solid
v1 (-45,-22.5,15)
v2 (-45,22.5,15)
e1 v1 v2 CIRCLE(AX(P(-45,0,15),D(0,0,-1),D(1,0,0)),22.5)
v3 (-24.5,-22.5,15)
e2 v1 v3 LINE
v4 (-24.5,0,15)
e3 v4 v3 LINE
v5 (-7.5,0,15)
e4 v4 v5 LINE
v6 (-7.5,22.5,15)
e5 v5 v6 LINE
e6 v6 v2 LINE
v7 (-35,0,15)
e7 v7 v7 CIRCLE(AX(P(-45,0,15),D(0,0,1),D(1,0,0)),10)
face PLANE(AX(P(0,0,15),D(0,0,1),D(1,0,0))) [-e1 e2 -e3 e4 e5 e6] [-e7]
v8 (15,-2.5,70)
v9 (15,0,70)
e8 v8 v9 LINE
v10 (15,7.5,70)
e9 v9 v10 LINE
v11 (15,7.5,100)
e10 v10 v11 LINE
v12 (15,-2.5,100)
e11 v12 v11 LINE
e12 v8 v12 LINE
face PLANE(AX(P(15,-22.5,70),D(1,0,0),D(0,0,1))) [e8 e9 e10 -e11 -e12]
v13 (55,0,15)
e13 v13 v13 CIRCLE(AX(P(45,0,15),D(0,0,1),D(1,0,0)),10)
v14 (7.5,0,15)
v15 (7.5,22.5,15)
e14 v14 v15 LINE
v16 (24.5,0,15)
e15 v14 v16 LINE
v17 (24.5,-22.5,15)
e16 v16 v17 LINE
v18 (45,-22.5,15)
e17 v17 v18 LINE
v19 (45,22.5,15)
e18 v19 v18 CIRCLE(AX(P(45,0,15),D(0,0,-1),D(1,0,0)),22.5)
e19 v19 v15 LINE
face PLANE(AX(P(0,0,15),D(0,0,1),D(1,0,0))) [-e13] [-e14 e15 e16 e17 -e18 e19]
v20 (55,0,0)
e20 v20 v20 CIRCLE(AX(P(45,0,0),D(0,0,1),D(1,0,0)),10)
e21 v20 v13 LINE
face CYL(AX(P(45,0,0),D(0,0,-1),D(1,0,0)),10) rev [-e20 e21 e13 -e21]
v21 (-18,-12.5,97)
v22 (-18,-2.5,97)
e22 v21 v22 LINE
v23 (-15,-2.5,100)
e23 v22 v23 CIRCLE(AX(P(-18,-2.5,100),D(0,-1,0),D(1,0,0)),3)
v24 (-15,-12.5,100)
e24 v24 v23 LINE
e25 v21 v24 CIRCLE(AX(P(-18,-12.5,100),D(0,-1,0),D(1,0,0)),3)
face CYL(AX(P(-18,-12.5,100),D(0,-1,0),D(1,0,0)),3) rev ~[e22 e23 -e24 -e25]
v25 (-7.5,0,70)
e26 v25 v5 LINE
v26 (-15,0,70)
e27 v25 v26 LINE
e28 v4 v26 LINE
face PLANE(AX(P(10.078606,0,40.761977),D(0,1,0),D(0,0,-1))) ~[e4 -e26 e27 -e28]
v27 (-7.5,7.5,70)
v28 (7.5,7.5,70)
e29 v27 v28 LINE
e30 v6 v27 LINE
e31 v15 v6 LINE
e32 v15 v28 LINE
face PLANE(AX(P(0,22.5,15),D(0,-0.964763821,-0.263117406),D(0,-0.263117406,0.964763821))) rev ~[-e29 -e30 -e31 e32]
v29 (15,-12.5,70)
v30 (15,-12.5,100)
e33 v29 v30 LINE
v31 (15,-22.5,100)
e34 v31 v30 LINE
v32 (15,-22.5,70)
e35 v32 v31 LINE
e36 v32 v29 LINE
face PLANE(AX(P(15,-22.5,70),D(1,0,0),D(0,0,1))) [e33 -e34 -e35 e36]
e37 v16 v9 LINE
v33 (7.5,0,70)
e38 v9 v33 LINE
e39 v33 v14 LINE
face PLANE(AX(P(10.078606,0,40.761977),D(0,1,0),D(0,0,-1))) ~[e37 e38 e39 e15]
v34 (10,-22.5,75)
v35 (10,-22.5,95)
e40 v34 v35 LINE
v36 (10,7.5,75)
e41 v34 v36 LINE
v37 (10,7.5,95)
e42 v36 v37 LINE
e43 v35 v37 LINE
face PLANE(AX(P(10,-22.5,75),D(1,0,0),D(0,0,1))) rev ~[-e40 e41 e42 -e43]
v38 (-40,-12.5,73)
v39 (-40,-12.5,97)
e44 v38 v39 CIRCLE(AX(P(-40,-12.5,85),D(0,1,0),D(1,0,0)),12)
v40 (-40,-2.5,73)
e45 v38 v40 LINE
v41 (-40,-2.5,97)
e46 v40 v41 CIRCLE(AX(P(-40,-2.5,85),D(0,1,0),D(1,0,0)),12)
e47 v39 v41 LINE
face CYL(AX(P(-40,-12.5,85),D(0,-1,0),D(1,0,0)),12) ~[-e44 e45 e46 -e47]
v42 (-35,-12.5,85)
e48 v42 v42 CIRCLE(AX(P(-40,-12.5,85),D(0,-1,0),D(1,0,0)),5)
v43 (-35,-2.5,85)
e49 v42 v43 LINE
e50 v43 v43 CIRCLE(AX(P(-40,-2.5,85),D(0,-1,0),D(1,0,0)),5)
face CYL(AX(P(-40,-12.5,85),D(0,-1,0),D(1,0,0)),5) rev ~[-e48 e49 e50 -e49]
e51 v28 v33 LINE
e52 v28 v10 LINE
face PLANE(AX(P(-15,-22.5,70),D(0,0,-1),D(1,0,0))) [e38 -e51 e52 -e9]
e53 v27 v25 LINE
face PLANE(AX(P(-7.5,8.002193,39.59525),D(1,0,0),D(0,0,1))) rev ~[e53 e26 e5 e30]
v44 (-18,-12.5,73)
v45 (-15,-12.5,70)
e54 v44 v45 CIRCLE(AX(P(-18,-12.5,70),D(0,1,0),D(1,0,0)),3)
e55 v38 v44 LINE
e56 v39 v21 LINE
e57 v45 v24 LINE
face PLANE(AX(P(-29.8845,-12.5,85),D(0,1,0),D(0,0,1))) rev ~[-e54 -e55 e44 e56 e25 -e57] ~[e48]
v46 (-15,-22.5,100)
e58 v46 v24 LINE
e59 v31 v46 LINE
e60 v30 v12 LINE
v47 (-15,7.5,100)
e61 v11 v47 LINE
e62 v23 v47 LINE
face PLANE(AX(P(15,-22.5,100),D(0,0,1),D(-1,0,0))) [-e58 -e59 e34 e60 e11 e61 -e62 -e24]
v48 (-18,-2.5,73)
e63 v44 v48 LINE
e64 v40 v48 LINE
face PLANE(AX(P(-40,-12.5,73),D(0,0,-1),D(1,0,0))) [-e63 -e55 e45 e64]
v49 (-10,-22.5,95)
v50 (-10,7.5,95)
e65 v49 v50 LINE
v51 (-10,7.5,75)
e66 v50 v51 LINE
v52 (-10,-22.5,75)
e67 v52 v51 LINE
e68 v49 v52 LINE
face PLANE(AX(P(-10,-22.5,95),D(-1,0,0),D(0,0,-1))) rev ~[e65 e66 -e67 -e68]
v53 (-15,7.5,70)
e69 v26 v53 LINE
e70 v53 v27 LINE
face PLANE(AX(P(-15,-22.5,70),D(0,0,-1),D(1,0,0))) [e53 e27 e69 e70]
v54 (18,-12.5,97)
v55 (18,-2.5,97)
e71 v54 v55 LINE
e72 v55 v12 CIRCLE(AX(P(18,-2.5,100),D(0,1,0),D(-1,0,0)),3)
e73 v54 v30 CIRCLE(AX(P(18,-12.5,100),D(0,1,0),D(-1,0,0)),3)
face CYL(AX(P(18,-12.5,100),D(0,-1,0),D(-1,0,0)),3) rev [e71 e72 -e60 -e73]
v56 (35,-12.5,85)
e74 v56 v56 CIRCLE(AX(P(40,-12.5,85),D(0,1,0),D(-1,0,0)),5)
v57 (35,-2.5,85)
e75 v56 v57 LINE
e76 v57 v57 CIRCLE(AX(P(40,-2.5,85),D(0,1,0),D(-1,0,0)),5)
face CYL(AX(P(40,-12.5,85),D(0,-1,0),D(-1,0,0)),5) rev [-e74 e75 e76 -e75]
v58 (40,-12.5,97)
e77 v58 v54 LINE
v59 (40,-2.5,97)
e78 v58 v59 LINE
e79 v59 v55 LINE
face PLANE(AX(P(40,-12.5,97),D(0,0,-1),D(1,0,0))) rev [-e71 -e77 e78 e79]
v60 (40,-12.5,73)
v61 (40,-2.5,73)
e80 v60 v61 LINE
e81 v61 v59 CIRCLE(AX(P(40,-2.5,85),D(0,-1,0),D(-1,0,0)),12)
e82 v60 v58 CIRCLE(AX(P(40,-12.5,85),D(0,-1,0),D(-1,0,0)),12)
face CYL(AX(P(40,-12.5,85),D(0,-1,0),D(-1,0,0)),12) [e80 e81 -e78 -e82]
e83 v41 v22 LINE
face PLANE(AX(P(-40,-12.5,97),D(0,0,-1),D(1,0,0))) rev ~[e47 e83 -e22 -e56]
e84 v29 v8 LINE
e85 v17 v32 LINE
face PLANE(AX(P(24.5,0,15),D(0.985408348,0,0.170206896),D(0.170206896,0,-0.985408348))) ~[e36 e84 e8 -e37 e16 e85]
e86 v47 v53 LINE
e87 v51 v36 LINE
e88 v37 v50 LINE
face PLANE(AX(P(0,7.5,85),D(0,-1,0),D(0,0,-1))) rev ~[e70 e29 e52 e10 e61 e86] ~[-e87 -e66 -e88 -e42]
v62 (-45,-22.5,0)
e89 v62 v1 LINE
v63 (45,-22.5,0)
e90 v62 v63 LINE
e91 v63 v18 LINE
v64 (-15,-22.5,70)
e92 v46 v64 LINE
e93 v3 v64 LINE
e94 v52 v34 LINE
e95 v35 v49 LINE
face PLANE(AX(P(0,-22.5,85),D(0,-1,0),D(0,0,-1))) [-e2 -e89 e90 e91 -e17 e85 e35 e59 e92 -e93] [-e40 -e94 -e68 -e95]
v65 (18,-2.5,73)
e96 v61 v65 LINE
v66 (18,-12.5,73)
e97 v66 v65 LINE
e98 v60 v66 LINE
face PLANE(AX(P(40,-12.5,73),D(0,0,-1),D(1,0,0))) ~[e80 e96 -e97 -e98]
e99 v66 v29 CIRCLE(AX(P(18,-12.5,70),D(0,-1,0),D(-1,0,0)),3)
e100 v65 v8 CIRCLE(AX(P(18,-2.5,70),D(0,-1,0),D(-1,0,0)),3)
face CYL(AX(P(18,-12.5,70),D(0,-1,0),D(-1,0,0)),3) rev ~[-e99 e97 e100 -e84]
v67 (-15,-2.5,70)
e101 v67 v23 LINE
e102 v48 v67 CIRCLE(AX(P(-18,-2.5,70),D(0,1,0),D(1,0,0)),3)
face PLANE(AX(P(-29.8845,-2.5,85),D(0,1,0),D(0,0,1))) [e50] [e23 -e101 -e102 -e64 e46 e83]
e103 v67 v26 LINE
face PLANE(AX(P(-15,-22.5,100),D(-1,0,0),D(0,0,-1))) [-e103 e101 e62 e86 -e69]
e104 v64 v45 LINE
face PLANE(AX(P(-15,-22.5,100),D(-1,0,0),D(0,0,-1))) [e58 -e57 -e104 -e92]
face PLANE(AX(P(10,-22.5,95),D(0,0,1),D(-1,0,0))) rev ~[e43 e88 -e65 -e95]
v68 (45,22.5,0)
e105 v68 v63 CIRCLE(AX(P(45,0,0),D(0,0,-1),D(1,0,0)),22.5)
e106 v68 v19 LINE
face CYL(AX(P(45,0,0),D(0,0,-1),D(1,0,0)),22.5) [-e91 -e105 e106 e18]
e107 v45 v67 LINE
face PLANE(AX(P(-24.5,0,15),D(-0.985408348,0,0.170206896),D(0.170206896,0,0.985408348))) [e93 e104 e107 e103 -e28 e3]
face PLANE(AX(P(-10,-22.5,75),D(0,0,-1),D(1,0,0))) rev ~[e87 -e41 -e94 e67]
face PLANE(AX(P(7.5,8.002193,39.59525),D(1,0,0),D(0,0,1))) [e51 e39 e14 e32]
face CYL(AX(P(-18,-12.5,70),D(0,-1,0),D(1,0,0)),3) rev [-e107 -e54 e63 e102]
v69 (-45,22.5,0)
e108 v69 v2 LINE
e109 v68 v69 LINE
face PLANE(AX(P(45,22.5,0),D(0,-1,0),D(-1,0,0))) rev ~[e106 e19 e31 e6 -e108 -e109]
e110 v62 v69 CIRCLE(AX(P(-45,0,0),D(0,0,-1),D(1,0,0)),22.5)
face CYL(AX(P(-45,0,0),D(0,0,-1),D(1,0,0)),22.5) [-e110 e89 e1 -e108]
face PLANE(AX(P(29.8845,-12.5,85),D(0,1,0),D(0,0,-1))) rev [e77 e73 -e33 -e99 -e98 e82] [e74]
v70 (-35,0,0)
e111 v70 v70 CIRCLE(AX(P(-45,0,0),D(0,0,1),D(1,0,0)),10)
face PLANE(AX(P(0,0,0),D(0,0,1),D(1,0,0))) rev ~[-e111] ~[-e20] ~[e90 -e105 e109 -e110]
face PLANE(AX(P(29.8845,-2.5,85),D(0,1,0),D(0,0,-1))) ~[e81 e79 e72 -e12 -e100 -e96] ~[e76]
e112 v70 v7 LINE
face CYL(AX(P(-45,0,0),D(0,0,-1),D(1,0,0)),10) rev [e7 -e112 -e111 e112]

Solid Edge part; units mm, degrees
sketch "Sketch1" plane through (0, 0, 0) normal (0, 0, 1) x (1, 0, 0)
  line L0 (-45, -22.5) -> (45, -22.5)
  line L1 (45, 22.5) -> (-45, 22.5)
  arc A0 (45, 22.5) -> (45, -22.5) centre (45, 0) cw
  arc A1 (-45, -22.5) -> (-45, 22.5) centre (-45, 0) cw
  circle A2 centre (-45, 0) radius 10
  circle A3 centre (45, 0) radius 10
extrude "Protrusion1" add sketch "Sketch1" along normal blind 15
sketch "Sketch2" plane through (0, -22.5, 7.5) normal (0, -1, 0) x (1, 0, 0)
  line L0 (15, 92.5) -> (-15, 92.5)
  line L1 (-15, 92.5) -> (-15, 62.5)
  line L2 (-15, 62.5) -> (15, 62.5)
  line L3 (15, 62.5) -> (15, 92.5)
  line L4 (10, 87.5) -> (-10, 87.5)
  line L5 (-10, 87.5) -> (-10, 67.5)
  line L6 (-10, 67.5) -> (10, 67.5)
  line L7 (10, 67.5) -> (10, 87.5)
extrude "ExtrudedProtrusion_2" add sketch "Sketch2" against normal blind 30
sketch "Sketch3" plane through (0, -12.5, 7.5) normal (0, -1, 0) x (1, 0, 0)
  line L0 (-40, 89.5) -> (-18, 89.5)
  arc A0 (-18, 89.5) -> (-15, 92.5) centre (-18, 92.5) ccw
  line L1 (-15, 62.5) -> (-15, 92.5)
  arc A1 (-18, 65.5) -> (-15, 62.5) centre (-18, 62.5) cw
  line L2 (-40, 65.5) -> (-18, 65.5)
  arc A2 (-40, 65.5) -> (-40, 89.5) centre (-40, 77.5) cw
  circle A3 centre (-40, 77.5) radius 5
extrude "ExtrudedProtrusion_3" add sketch "Sketch3" against normal blind 10
sketch "Sketch4" plane through (0, 0, 0) normal (0, -1, 0) x (1, 0, 0)
  line L0 (-24.5, 15) -> (-15, 70)
  line L1 (-15, 70) -> (0, 70)
  line L2 (0, 70) -> (0, 15)
  line L3 (0, 15) -> (-24.5, 15)
extrude "Protrusion2" add sketch "Sketch4" along normal up to vertex (22.5 mm away)
mirror "Mirror1" about plane through (0, 0, 0) normal (1, 0, 0) of "Protrusion2", "ExtrudedProtrusion_3"
sketch "Sketch5" plane through (0, 0, 0) normal (1, 0, 0) x (0, 1, 0)
  line L0 (22.5, 15) -> (7.5, 70)
  line L1 (7.5, 70) -> (0, 70)
  line L2 (0, 70) -> (0, 15)
  line L3 (0, 15) -> (22.5, 15)
extrude "ExtrudedProtrusion_9" add sketch "Sketch5" along normal mid plane 15
